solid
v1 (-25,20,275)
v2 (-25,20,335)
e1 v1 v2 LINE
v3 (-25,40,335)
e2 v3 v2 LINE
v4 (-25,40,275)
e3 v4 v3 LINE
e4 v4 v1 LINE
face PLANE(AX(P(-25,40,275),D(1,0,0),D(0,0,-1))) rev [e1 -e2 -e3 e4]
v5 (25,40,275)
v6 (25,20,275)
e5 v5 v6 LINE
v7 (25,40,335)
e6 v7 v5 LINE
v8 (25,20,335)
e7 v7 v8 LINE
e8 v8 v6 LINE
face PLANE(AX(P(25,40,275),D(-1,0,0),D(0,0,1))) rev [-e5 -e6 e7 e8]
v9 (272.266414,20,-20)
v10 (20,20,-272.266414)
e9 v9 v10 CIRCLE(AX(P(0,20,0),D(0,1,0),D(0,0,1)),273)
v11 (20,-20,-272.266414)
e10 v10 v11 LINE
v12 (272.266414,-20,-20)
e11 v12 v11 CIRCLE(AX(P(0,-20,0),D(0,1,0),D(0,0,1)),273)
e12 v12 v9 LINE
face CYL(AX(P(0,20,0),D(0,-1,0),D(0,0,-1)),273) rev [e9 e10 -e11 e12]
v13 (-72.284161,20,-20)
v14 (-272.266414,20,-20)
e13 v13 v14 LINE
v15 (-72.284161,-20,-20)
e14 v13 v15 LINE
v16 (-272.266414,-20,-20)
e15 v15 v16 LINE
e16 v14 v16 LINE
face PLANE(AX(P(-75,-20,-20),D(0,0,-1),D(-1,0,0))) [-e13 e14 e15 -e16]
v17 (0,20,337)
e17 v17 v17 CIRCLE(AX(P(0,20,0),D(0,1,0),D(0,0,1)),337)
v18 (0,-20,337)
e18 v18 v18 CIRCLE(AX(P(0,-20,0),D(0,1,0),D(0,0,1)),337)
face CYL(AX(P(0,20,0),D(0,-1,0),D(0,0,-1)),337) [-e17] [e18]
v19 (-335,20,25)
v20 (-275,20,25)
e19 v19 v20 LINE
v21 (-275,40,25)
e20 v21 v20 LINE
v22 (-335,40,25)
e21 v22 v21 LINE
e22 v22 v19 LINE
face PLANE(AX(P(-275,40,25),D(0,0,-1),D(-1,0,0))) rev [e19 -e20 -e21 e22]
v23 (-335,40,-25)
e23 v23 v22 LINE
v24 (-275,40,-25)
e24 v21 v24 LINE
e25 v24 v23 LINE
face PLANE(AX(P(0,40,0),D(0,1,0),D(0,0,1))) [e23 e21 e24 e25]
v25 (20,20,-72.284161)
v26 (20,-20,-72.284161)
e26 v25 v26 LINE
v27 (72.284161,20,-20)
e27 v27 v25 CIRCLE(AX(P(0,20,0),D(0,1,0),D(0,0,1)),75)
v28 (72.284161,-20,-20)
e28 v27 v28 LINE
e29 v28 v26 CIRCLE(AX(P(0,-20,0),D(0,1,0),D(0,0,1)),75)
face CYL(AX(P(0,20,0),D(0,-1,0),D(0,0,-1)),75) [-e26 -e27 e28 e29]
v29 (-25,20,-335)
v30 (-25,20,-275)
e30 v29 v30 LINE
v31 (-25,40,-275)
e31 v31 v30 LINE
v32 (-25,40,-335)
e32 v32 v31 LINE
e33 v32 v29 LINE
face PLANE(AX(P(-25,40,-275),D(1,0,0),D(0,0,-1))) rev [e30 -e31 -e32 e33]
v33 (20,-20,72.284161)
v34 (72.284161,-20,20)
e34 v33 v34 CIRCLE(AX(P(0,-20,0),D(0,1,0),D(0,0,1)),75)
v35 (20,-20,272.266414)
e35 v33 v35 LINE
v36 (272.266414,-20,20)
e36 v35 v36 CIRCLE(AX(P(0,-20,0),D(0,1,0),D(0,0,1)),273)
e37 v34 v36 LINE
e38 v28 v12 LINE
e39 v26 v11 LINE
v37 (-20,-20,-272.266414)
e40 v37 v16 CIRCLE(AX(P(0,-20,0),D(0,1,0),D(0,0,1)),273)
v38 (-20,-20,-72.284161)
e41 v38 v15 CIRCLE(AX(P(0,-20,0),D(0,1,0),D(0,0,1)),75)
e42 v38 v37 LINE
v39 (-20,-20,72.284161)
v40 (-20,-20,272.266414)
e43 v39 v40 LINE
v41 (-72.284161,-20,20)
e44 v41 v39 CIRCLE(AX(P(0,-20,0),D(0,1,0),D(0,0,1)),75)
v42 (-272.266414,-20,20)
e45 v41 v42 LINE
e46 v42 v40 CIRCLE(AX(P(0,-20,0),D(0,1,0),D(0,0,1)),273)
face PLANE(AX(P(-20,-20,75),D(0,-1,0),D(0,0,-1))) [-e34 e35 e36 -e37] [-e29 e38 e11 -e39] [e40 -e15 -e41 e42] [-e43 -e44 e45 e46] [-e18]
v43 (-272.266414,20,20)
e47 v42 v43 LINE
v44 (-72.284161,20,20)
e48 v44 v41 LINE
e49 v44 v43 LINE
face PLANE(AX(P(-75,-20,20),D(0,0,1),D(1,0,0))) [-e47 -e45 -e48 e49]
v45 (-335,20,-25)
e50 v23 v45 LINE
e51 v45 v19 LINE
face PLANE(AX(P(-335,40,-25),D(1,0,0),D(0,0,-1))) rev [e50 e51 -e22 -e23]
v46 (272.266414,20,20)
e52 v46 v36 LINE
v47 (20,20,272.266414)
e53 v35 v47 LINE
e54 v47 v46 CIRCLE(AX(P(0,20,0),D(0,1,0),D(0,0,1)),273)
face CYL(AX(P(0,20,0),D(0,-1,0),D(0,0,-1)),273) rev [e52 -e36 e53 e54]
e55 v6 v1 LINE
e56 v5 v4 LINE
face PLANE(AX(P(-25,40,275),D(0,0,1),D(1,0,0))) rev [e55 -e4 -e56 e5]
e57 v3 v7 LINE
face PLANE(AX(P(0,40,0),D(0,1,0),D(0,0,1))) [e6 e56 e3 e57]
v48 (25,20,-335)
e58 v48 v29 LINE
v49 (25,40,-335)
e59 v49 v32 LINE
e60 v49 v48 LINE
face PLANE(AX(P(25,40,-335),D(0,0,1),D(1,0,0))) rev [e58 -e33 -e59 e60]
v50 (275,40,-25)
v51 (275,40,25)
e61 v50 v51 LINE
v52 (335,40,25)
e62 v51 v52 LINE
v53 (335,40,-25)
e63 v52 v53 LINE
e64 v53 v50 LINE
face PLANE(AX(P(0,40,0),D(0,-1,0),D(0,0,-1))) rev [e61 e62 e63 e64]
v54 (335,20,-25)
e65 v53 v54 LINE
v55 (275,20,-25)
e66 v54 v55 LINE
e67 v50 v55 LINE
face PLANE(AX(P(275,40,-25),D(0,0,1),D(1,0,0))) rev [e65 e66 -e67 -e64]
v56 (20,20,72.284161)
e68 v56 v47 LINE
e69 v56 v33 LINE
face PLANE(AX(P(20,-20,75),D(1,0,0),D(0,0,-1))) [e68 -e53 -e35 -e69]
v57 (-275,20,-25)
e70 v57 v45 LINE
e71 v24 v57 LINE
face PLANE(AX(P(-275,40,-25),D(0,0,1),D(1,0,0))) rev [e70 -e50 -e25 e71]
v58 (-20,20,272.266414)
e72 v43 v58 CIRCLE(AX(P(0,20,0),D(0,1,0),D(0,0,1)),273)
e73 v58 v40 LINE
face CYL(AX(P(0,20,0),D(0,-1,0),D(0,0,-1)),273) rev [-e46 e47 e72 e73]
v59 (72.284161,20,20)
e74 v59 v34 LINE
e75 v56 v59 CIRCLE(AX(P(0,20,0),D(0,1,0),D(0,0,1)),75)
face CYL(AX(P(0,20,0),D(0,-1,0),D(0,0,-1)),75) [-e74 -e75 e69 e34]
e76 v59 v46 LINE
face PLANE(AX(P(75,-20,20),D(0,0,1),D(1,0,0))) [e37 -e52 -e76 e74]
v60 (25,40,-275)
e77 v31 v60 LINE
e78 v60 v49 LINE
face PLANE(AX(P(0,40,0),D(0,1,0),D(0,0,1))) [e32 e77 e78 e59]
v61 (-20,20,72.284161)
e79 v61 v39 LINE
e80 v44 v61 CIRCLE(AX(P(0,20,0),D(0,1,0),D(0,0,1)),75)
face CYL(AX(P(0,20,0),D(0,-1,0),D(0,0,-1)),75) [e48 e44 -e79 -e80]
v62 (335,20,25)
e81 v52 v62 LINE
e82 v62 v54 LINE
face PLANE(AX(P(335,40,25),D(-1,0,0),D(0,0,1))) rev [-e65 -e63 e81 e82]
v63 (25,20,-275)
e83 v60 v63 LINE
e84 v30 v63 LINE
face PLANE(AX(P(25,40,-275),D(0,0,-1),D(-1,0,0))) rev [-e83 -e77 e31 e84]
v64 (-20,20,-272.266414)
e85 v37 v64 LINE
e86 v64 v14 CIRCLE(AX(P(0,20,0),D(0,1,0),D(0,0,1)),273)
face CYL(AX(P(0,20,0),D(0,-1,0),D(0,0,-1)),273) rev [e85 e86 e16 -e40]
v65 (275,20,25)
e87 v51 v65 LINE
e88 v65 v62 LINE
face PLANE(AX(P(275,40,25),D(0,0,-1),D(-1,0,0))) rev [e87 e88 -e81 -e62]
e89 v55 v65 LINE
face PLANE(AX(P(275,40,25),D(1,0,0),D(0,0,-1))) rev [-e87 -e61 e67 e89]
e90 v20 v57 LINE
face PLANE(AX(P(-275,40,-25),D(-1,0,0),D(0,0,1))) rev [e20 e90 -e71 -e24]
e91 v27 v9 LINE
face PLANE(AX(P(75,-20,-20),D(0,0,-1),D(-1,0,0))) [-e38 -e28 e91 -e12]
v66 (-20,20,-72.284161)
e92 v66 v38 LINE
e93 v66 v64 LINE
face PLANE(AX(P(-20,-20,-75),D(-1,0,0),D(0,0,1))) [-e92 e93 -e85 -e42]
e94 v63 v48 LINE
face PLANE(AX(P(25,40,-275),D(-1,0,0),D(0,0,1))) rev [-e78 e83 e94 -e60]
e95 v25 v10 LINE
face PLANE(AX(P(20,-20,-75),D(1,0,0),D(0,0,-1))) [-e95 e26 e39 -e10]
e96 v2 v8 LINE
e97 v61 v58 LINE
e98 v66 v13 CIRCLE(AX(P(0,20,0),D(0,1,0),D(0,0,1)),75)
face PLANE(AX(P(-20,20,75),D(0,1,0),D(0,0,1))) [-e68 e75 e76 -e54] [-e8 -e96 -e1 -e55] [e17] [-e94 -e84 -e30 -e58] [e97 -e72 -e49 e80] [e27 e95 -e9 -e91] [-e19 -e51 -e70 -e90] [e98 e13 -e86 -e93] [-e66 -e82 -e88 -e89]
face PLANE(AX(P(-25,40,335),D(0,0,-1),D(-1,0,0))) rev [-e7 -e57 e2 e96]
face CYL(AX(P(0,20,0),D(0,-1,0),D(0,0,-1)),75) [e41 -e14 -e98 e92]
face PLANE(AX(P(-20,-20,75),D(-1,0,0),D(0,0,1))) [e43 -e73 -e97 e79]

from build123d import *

# Parameters (mm, degrees)
SKETCH2_R           = 20
SKETCH3_W           = 40
SKETCH3_H           = 40
BOSS_EXTRUDE1_DEPTH = 225
CIRPATTERN1_COUNT   = 4
SKETCH8_R           = 337
SKETCH8_R_2         = 273
BOSS_EXTRUDE3_DEPTH = 20
BOSS_EXTRUDE4_DEPTH = 20
SKETCH12_W          = 60
SKETCH12_H          = 50
SKETCH12_W_2        = 50
SKETCH12_H_2        = 60
BOSS_EXTRUDE5_DEPTH = 20


with BuildPart() as part:
    # Sketch2 → Revolve1 (revolve)
    with BuildSketch(Plane.XY, mode=Mode.PRIVATE) as revolve1_sk:
        with Locations((300, 0)):
            Circle(SKETCH2_R)
    revolve(revolve1_sk.sketch.rotate(Axis((0, 0, 0), (0, 1, 0)), 90), axis=Axis((0, 0, 0), (0, 1, 0)))

    # Sketch3 → Boss-Extrude1 (add)
    with BuildSketch(Plane.XY.offset(300)):
        Rectangle(SKETCH3_W, SKETCH3_H)
    boss_extrude1 = extrude(amount=-BOSS_EXTRUDE1_DEPTH)

    # CirPattern1: Boss-Extrude1 ×4 about axis
    cirpattern1_axis = Axis((0, 0, 0), (0, 1, 0))
    for i in range(1, CIRPATTERN1_COUNT):
        add(boss_extrude1.rotate(cirpattern1_axis, i * 360 / CIRPATTERN1_COUNT))

    # Sketch8 → Boss-Extrude3 (add, symmetric)
    with BuildSketch(Plane(origin=(0, 0, 0), x_dir=(1, 0, 0), z_dir=(0, 1, 0))):
        with Locations(Location((0, 0, 0), (0, 0, 270))):
            Circle(SKETCH8_R)
        Circle(SKETCH8_R_2, mode=Mode.SUBTRACT)
    extrude(amount=BOSS_EXTRUDE3_DEPTH, both=True)

    # Sketch9 → Boss-Extrude4 (add, symmetric)
    with BuildSketch(Plane(origin=(0, 0, 0), x_dir=(1, 0, 0), z_dir=(0, 1, 0))):
        with BuildLine():
            Line((-20, -75), (-20, -72.284161474))
            ThreePointArc((-20, -72.284161474), (-53.033008589, -53.033008589), (-72.284161474, -20))
            Line((-72.284161474, -20), (-75, -20))
            Line((-75, -20), (-75, 20))
            Line((-75, 20), (-72.284161474, 20))
            ThreePointArc((-72.284161474, 20), (-53.033008589, 53.033008589), (-20, 72.284161474))
            Line((-20, 72.284161474), (-20, 75))
            Line((-20, 75), (20, 75))
            Line((20, 75), (20, 72.284161474))
            ThreePointArc((20, 72.284161474), (53.033008589, 53.033008589), (72.284161474, 20))
            Line((72.284161474, 20), (75, 20))
            Line((75, 20), (75, -20))
            Line((75, -20), (72.284161474, -20))
            ThreePointArc((72.284161474, -20), (53.033008589, -53.033008589), (20, -72.284161474))
            Line((20, -72.284161474), (20, -75))
            Line((20, -75), (-20, -75))
        make_face()
    extrude(amount=BOSS_EXTRUDE4_DEPTH, both=True)

    # Sketch12 → Boss-Extrude5 (add)
    with BuildSketch(Plane(origin=(0, 20, 0), x_dir=(1, 0, 0), z_dir=(0, 1, 0))):
        with Locations((305, 0)):
            Rectangle(SKETCH12_W, SKETCH12_H)
        with Locations((0, -305)):
            Rectangle(SKETCH12_W_2, SKETCH12_H_2)
        with Locations((-305, 0)):
            Rectangle(SKETCH12_W, SKETCH12_H)
        with Locations((0, 305)):
            Rectangle(SKETCH12_W_2, SKETCH12_H_2)
    extrude(amount=BOSS_EXTRUDE5_DEPTH)


solid = part.part
